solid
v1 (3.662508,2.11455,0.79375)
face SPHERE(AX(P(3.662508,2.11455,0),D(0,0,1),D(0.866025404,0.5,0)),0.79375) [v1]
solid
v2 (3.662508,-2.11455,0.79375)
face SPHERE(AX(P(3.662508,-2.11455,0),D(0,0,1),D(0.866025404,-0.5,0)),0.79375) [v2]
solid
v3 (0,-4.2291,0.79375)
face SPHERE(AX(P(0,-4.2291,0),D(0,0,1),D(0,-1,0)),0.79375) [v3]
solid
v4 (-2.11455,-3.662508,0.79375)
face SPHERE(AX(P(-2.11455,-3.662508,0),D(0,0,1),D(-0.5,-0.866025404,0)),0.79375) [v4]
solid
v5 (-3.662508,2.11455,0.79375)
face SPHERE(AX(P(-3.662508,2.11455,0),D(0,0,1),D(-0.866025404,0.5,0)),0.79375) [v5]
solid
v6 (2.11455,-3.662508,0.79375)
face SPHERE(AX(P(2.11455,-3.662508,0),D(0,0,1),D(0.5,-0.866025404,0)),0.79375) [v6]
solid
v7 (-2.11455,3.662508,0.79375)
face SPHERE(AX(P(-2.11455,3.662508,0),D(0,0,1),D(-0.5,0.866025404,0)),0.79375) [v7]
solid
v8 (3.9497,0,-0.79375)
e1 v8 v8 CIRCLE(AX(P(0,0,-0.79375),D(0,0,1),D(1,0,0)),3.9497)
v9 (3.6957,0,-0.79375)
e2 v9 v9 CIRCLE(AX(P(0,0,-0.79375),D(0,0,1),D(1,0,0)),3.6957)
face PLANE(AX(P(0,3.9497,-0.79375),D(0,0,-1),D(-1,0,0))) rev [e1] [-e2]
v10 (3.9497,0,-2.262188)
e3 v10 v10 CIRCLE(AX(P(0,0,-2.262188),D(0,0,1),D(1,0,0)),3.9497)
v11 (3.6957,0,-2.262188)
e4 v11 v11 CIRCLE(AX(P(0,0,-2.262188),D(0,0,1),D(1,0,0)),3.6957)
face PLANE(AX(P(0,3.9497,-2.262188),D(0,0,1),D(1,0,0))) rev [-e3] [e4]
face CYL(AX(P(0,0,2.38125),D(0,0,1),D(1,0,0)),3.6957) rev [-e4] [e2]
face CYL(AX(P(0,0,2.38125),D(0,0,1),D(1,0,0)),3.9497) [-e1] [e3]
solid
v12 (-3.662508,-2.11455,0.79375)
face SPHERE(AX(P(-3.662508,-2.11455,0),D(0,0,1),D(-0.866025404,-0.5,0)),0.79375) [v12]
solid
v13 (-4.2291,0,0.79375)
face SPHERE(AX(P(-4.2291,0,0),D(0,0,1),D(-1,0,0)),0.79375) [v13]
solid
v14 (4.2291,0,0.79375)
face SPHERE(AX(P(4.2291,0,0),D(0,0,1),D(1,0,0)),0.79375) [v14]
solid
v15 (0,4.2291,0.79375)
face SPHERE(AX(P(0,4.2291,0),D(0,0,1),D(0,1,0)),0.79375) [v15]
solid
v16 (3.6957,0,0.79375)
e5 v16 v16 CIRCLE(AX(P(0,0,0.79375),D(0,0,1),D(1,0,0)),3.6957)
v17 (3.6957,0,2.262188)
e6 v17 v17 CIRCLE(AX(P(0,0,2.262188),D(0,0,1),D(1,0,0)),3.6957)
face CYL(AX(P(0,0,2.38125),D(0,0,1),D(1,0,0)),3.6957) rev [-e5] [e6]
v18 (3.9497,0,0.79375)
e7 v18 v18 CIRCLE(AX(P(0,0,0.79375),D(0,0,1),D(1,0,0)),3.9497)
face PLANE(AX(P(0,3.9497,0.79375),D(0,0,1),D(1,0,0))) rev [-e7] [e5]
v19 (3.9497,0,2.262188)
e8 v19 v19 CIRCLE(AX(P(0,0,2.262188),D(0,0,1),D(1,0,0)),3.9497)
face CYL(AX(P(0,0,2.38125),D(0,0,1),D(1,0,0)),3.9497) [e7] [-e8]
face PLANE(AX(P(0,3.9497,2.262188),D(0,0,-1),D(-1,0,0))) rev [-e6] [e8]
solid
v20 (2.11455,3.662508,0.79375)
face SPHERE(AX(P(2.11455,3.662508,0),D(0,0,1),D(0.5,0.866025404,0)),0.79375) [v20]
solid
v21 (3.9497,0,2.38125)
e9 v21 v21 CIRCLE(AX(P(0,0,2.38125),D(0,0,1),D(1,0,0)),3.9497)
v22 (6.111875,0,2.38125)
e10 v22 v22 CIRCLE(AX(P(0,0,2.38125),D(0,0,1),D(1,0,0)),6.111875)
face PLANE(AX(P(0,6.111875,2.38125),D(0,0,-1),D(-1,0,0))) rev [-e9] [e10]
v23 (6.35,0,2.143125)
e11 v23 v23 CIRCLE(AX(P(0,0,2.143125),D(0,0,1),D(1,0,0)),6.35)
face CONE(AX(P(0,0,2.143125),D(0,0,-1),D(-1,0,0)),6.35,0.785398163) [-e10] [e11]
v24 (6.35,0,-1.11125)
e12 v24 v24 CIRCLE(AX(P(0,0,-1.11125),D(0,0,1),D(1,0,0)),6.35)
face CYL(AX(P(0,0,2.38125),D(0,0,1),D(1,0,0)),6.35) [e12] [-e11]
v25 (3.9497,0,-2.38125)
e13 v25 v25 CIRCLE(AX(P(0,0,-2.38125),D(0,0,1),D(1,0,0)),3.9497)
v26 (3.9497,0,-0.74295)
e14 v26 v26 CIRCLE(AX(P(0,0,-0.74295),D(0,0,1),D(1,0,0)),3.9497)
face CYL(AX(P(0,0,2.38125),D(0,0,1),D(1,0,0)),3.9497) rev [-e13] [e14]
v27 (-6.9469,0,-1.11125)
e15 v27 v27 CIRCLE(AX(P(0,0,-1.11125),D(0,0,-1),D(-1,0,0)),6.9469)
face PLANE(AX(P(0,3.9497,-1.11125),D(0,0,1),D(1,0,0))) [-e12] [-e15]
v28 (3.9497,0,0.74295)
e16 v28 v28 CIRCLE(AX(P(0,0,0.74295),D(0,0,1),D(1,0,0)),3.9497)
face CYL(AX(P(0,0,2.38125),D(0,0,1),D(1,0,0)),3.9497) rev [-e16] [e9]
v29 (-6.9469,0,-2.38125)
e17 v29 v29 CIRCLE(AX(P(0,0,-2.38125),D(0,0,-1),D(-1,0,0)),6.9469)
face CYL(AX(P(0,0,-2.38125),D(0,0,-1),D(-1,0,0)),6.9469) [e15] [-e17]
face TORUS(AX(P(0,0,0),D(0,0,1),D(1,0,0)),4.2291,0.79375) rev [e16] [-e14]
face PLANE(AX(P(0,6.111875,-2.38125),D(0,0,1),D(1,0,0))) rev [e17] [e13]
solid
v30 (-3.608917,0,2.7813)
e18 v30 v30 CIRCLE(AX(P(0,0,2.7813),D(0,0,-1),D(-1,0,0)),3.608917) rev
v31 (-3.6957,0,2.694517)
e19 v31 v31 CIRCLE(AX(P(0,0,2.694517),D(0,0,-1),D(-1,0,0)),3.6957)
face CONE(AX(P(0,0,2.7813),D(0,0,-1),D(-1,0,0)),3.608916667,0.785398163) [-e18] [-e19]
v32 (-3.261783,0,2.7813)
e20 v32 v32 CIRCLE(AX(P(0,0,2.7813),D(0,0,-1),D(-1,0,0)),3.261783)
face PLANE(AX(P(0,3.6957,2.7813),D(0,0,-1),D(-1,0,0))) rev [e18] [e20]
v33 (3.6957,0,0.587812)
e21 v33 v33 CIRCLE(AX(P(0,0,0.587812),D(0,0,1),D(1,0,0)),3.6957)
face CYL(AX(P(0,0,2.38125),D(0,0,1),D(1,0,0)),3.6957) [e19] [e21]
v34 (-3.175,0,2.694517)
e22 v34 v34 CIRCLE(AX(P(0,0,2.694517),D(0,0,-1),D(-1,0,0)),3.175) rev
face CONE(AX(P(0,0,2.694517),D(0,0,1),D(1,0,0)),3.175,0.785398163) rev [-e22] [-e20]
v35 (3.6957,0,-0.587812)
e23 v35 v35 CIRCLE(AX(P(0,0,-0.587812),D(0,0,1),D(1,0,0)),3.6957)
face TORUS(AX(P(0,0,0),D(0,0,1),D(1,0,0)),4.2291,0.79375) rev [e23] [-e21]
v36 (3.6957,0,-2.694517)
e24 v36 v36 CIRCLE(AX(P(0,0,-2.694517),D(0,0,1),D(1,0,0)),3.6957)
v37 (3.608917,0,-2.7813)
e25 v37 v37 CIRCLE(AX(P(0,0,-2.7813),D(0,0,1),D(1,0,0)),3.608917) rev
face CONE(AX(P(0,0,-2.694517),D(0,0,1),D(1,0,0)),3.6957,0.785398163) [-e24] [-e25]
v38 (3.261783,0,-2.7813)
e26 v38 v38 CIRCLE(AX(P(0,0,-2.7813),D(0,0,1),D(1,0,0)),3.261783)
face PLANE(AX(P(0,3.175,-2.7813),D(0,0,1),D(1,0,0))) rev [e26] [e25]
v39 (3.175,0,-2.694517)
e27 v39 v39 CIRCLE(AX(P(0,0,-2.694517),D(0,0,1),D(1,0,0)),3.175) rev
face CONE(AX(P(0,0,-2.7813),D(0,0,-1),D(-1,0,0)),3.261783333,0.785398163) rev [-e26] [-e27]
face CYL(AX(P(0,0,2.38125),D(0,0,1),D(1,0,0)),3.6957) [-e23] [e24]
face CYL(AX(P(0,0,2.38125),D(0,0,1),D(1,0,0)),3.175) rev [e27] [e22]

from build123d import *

# Parameters (mm, degrees)
CHAMFER1_SIZE     = 0.086783333
CIRPATTERN1_COUNT = 12
SKETCH5_W         = 1.4684375
SKETCH5_H         = 0.254
SKETCH6_W         = 1.27
SKETCH6_H         = 2.9972


with BuildPart() as part:
    # Sketch1 → Revolve1 (revolve)
    with BuildSketch(Plane(origin=(0, 0, 0), x_dir=(0, 0, -1), z_dir=(1, 0, 0))):
        with BuildLine():
            Line((2.143125, 6.35), (-2.143125, 6.35))
            Line((-2.143125, 6.35), (-2.38125, 6.111875))
            Line((-2.38125, 6.111875), (-2.38125, 3.9497))
            Line((-2.38125, 3.9497), (-0.74295, 3.9497))
            ThreePointArc((-0.74295, 3.9497), (0, 5.02285), (0.74295, 3.9497))
            Line((0.74295, 3.9497), (2.38125, 3.9497))
            Line((2.38125, 3.9497), (2.38125, 6.111875))
            Line((2.38125, 6.111875), (2.143125, 6.35))
        make_face()
        with BuildLine():
            Line((2.7813, 3.6957), (0.587812472, 3.6957))
            ThreePointArc((0.587812472, 3.6957), (0, 3.43535), (-0.587812472, 3.6957))
            Line((-0.587812472, 3.6957), (-2.7813, 3.6957))
            Line((-2.7813, 3.6957), (-2.7813, 3.175))
            Line((-2.7813, 3.175), (2.7813, 3.175))
            Line((2.7813, 3.175), (2.7813, 3.6957))
        make_face()
    revolve(axis=Axis((0, 0, 2.38125), (0, 0, -1)))

    # Chamfer1
    chamfer1_edges = [part.edges().sort_by_distance(p)[0] for p in [
        (0, -3.6957, -2.7813),
        (0, -3.175, -2.7813),
        (0, -3.175, 2.7813),
        (0, -3.6957, 2.7813),
    ]]
    chamfer(chamfer1_edges, length=CHAMFER1_SIZE)

    # Sketch6 → Revolve6 (revolve)
    with BuildSketch(Plane(origin=(0, 0, 0), x_dir=(0, 0, -1), z_dir=(1, 0, 0))):
        with Locations((1.74625, 5.4483)):
            Rectangle(SKETCH6_W, SKETCH6_H)
    revolve(axis=Axis((0, 0, -2.38125), (0, 0, 1)))


with BuildPart() as body_2:
    # Sketch4 → Revolve4 (revolve)
    with BuildSketch(Plane(origin=(0, 0, 0), x_dir=(0, 0, -1), z_dir=(1, 0, 0))):
        with BuildLine():
            Line((-0.79375, 4.2291), (0.79375, 4.2291))
            ThreePointArc((0.79375, 4.2291), (0, 5.02285), (-0.79375, 4.2291))
        make_face()
    revolve(axis=Axis((0, 4.2291, 0.79375), (0, 0, -1)))


with BuildPart() as cirpattern1_1:
    # CirPattern1: pattern copy
    add(body_2.part.rotate(Axis((0, 0, 0), (0, 0, 1)), 1 * 360 / CIRPATTERN1_COUNT))


with BuildPart() as cirpattern1_2:
    # CirPattern1: pattern copy
    add(body_2.part.rotate(Axis((0, 0, 0), (0, 0, 1)), 2 * 360 / CIRPATTERN1_COUNT))


with BuildPart() as cirpattern1_3:
    # CirPattern1: pattern copy
    add(body_2.part.rotate(Axis((0, 0, 0), (0, 0, 1)), 3 * 360 / CIRPATTERN1_COUNT))


with BuildPart() as cirpattern1_4:
    # CirPattern1: pattern copy
    add(body_2.part.rotate(Axis((0, 0, 0), (0, 0, 1)), 4 * 360 / CIRPATTERN1_COUNT))


with BuildPart() as cirpattern1_5:
    # CirPattern1: pattern copy
    add(body_2.part.rotate(Axis((0, 0, 0), (0, 0, 1)), 5 * 360 / CIRPATTERN1_COUNT))


with BuildPart() as cirpattern1_6:
    # CirPattern1: pattern copy
    add(body_2.part.rotate(Axis((0, 0, 0), (0, 0, 1)), 6 * 360 / CIRPATTERN1_COUNT))


with BuildPart() as cirpattern1_7:
    # CirPattern1: pattern copy
    add(body_2.part.rotate(Axis((0, 0, 0), (0, 0, 1)), 7 * 360 / CIRPATTERN1_COUNT))


with BuildPart() as cirpattern1_8:
    # CirPattern1: pattern copy
    add(body_2.part.rotate(Axis((0, 0, 0), (0, 0, 1)), 8 * 360 / CIRPATTERN1_COUNT))


with BuildPart() as cirpattern1_9:
    # CirPattern1: pattern copy
    add(body_2.part.rotate(Axis((0, 0, 0), (0, 0, 1)), 9 * 360 / CIRPATTERN1_COUNT))


with BuildPart() as cirpattern1_10:
    # CirPattern1: pattern copy
    add(body_2.part.rotate(Axis((0, 0, 0), (0, 0, 1)), 10 * 360 / CIRPATTERN1_COUNT))


with BuildPart() as cirpattern1_11:
    # CirPattern1: pattern copy
    add(body_2.part.rotate(Axis((0, 0, 0), (0, 0, 1)), 11 * 360 / CIRPATTERN1_COUNT))


with BuildPart() as body_14:
    # Sketch5 → Revolve5 (revolve)
    with BuildSketch(Plane(origin=(0, 0, 0), x_dir=(0, 0, -1), z_dir=(1, 0, 0))):
        with Locations((-1.52796875, 3.8227)):
            Rectangle(SKETCH5_W, SKETCH5_H)
        with Locations((1.52796875, 3.8227)):
            Rectangle(SKETCH5_W, SKETCH5_H)
    revolve(axis=Axis((0, 0, 2.38125), (0, 0, -1)))


solid = Compound([part.part, body_2.part, cirpattern1_1.part, cirpattern1_2.part, cirpattern1_3.part, cirpattern1_4.part, cirpattern1_5.part, cirpattern1_6.part, cirpattern1_7.part, cirpattern1_8.part, cirpattern1_9.part, cirpattern1_10.part, cirpattern1_11.part, body_14.part])
